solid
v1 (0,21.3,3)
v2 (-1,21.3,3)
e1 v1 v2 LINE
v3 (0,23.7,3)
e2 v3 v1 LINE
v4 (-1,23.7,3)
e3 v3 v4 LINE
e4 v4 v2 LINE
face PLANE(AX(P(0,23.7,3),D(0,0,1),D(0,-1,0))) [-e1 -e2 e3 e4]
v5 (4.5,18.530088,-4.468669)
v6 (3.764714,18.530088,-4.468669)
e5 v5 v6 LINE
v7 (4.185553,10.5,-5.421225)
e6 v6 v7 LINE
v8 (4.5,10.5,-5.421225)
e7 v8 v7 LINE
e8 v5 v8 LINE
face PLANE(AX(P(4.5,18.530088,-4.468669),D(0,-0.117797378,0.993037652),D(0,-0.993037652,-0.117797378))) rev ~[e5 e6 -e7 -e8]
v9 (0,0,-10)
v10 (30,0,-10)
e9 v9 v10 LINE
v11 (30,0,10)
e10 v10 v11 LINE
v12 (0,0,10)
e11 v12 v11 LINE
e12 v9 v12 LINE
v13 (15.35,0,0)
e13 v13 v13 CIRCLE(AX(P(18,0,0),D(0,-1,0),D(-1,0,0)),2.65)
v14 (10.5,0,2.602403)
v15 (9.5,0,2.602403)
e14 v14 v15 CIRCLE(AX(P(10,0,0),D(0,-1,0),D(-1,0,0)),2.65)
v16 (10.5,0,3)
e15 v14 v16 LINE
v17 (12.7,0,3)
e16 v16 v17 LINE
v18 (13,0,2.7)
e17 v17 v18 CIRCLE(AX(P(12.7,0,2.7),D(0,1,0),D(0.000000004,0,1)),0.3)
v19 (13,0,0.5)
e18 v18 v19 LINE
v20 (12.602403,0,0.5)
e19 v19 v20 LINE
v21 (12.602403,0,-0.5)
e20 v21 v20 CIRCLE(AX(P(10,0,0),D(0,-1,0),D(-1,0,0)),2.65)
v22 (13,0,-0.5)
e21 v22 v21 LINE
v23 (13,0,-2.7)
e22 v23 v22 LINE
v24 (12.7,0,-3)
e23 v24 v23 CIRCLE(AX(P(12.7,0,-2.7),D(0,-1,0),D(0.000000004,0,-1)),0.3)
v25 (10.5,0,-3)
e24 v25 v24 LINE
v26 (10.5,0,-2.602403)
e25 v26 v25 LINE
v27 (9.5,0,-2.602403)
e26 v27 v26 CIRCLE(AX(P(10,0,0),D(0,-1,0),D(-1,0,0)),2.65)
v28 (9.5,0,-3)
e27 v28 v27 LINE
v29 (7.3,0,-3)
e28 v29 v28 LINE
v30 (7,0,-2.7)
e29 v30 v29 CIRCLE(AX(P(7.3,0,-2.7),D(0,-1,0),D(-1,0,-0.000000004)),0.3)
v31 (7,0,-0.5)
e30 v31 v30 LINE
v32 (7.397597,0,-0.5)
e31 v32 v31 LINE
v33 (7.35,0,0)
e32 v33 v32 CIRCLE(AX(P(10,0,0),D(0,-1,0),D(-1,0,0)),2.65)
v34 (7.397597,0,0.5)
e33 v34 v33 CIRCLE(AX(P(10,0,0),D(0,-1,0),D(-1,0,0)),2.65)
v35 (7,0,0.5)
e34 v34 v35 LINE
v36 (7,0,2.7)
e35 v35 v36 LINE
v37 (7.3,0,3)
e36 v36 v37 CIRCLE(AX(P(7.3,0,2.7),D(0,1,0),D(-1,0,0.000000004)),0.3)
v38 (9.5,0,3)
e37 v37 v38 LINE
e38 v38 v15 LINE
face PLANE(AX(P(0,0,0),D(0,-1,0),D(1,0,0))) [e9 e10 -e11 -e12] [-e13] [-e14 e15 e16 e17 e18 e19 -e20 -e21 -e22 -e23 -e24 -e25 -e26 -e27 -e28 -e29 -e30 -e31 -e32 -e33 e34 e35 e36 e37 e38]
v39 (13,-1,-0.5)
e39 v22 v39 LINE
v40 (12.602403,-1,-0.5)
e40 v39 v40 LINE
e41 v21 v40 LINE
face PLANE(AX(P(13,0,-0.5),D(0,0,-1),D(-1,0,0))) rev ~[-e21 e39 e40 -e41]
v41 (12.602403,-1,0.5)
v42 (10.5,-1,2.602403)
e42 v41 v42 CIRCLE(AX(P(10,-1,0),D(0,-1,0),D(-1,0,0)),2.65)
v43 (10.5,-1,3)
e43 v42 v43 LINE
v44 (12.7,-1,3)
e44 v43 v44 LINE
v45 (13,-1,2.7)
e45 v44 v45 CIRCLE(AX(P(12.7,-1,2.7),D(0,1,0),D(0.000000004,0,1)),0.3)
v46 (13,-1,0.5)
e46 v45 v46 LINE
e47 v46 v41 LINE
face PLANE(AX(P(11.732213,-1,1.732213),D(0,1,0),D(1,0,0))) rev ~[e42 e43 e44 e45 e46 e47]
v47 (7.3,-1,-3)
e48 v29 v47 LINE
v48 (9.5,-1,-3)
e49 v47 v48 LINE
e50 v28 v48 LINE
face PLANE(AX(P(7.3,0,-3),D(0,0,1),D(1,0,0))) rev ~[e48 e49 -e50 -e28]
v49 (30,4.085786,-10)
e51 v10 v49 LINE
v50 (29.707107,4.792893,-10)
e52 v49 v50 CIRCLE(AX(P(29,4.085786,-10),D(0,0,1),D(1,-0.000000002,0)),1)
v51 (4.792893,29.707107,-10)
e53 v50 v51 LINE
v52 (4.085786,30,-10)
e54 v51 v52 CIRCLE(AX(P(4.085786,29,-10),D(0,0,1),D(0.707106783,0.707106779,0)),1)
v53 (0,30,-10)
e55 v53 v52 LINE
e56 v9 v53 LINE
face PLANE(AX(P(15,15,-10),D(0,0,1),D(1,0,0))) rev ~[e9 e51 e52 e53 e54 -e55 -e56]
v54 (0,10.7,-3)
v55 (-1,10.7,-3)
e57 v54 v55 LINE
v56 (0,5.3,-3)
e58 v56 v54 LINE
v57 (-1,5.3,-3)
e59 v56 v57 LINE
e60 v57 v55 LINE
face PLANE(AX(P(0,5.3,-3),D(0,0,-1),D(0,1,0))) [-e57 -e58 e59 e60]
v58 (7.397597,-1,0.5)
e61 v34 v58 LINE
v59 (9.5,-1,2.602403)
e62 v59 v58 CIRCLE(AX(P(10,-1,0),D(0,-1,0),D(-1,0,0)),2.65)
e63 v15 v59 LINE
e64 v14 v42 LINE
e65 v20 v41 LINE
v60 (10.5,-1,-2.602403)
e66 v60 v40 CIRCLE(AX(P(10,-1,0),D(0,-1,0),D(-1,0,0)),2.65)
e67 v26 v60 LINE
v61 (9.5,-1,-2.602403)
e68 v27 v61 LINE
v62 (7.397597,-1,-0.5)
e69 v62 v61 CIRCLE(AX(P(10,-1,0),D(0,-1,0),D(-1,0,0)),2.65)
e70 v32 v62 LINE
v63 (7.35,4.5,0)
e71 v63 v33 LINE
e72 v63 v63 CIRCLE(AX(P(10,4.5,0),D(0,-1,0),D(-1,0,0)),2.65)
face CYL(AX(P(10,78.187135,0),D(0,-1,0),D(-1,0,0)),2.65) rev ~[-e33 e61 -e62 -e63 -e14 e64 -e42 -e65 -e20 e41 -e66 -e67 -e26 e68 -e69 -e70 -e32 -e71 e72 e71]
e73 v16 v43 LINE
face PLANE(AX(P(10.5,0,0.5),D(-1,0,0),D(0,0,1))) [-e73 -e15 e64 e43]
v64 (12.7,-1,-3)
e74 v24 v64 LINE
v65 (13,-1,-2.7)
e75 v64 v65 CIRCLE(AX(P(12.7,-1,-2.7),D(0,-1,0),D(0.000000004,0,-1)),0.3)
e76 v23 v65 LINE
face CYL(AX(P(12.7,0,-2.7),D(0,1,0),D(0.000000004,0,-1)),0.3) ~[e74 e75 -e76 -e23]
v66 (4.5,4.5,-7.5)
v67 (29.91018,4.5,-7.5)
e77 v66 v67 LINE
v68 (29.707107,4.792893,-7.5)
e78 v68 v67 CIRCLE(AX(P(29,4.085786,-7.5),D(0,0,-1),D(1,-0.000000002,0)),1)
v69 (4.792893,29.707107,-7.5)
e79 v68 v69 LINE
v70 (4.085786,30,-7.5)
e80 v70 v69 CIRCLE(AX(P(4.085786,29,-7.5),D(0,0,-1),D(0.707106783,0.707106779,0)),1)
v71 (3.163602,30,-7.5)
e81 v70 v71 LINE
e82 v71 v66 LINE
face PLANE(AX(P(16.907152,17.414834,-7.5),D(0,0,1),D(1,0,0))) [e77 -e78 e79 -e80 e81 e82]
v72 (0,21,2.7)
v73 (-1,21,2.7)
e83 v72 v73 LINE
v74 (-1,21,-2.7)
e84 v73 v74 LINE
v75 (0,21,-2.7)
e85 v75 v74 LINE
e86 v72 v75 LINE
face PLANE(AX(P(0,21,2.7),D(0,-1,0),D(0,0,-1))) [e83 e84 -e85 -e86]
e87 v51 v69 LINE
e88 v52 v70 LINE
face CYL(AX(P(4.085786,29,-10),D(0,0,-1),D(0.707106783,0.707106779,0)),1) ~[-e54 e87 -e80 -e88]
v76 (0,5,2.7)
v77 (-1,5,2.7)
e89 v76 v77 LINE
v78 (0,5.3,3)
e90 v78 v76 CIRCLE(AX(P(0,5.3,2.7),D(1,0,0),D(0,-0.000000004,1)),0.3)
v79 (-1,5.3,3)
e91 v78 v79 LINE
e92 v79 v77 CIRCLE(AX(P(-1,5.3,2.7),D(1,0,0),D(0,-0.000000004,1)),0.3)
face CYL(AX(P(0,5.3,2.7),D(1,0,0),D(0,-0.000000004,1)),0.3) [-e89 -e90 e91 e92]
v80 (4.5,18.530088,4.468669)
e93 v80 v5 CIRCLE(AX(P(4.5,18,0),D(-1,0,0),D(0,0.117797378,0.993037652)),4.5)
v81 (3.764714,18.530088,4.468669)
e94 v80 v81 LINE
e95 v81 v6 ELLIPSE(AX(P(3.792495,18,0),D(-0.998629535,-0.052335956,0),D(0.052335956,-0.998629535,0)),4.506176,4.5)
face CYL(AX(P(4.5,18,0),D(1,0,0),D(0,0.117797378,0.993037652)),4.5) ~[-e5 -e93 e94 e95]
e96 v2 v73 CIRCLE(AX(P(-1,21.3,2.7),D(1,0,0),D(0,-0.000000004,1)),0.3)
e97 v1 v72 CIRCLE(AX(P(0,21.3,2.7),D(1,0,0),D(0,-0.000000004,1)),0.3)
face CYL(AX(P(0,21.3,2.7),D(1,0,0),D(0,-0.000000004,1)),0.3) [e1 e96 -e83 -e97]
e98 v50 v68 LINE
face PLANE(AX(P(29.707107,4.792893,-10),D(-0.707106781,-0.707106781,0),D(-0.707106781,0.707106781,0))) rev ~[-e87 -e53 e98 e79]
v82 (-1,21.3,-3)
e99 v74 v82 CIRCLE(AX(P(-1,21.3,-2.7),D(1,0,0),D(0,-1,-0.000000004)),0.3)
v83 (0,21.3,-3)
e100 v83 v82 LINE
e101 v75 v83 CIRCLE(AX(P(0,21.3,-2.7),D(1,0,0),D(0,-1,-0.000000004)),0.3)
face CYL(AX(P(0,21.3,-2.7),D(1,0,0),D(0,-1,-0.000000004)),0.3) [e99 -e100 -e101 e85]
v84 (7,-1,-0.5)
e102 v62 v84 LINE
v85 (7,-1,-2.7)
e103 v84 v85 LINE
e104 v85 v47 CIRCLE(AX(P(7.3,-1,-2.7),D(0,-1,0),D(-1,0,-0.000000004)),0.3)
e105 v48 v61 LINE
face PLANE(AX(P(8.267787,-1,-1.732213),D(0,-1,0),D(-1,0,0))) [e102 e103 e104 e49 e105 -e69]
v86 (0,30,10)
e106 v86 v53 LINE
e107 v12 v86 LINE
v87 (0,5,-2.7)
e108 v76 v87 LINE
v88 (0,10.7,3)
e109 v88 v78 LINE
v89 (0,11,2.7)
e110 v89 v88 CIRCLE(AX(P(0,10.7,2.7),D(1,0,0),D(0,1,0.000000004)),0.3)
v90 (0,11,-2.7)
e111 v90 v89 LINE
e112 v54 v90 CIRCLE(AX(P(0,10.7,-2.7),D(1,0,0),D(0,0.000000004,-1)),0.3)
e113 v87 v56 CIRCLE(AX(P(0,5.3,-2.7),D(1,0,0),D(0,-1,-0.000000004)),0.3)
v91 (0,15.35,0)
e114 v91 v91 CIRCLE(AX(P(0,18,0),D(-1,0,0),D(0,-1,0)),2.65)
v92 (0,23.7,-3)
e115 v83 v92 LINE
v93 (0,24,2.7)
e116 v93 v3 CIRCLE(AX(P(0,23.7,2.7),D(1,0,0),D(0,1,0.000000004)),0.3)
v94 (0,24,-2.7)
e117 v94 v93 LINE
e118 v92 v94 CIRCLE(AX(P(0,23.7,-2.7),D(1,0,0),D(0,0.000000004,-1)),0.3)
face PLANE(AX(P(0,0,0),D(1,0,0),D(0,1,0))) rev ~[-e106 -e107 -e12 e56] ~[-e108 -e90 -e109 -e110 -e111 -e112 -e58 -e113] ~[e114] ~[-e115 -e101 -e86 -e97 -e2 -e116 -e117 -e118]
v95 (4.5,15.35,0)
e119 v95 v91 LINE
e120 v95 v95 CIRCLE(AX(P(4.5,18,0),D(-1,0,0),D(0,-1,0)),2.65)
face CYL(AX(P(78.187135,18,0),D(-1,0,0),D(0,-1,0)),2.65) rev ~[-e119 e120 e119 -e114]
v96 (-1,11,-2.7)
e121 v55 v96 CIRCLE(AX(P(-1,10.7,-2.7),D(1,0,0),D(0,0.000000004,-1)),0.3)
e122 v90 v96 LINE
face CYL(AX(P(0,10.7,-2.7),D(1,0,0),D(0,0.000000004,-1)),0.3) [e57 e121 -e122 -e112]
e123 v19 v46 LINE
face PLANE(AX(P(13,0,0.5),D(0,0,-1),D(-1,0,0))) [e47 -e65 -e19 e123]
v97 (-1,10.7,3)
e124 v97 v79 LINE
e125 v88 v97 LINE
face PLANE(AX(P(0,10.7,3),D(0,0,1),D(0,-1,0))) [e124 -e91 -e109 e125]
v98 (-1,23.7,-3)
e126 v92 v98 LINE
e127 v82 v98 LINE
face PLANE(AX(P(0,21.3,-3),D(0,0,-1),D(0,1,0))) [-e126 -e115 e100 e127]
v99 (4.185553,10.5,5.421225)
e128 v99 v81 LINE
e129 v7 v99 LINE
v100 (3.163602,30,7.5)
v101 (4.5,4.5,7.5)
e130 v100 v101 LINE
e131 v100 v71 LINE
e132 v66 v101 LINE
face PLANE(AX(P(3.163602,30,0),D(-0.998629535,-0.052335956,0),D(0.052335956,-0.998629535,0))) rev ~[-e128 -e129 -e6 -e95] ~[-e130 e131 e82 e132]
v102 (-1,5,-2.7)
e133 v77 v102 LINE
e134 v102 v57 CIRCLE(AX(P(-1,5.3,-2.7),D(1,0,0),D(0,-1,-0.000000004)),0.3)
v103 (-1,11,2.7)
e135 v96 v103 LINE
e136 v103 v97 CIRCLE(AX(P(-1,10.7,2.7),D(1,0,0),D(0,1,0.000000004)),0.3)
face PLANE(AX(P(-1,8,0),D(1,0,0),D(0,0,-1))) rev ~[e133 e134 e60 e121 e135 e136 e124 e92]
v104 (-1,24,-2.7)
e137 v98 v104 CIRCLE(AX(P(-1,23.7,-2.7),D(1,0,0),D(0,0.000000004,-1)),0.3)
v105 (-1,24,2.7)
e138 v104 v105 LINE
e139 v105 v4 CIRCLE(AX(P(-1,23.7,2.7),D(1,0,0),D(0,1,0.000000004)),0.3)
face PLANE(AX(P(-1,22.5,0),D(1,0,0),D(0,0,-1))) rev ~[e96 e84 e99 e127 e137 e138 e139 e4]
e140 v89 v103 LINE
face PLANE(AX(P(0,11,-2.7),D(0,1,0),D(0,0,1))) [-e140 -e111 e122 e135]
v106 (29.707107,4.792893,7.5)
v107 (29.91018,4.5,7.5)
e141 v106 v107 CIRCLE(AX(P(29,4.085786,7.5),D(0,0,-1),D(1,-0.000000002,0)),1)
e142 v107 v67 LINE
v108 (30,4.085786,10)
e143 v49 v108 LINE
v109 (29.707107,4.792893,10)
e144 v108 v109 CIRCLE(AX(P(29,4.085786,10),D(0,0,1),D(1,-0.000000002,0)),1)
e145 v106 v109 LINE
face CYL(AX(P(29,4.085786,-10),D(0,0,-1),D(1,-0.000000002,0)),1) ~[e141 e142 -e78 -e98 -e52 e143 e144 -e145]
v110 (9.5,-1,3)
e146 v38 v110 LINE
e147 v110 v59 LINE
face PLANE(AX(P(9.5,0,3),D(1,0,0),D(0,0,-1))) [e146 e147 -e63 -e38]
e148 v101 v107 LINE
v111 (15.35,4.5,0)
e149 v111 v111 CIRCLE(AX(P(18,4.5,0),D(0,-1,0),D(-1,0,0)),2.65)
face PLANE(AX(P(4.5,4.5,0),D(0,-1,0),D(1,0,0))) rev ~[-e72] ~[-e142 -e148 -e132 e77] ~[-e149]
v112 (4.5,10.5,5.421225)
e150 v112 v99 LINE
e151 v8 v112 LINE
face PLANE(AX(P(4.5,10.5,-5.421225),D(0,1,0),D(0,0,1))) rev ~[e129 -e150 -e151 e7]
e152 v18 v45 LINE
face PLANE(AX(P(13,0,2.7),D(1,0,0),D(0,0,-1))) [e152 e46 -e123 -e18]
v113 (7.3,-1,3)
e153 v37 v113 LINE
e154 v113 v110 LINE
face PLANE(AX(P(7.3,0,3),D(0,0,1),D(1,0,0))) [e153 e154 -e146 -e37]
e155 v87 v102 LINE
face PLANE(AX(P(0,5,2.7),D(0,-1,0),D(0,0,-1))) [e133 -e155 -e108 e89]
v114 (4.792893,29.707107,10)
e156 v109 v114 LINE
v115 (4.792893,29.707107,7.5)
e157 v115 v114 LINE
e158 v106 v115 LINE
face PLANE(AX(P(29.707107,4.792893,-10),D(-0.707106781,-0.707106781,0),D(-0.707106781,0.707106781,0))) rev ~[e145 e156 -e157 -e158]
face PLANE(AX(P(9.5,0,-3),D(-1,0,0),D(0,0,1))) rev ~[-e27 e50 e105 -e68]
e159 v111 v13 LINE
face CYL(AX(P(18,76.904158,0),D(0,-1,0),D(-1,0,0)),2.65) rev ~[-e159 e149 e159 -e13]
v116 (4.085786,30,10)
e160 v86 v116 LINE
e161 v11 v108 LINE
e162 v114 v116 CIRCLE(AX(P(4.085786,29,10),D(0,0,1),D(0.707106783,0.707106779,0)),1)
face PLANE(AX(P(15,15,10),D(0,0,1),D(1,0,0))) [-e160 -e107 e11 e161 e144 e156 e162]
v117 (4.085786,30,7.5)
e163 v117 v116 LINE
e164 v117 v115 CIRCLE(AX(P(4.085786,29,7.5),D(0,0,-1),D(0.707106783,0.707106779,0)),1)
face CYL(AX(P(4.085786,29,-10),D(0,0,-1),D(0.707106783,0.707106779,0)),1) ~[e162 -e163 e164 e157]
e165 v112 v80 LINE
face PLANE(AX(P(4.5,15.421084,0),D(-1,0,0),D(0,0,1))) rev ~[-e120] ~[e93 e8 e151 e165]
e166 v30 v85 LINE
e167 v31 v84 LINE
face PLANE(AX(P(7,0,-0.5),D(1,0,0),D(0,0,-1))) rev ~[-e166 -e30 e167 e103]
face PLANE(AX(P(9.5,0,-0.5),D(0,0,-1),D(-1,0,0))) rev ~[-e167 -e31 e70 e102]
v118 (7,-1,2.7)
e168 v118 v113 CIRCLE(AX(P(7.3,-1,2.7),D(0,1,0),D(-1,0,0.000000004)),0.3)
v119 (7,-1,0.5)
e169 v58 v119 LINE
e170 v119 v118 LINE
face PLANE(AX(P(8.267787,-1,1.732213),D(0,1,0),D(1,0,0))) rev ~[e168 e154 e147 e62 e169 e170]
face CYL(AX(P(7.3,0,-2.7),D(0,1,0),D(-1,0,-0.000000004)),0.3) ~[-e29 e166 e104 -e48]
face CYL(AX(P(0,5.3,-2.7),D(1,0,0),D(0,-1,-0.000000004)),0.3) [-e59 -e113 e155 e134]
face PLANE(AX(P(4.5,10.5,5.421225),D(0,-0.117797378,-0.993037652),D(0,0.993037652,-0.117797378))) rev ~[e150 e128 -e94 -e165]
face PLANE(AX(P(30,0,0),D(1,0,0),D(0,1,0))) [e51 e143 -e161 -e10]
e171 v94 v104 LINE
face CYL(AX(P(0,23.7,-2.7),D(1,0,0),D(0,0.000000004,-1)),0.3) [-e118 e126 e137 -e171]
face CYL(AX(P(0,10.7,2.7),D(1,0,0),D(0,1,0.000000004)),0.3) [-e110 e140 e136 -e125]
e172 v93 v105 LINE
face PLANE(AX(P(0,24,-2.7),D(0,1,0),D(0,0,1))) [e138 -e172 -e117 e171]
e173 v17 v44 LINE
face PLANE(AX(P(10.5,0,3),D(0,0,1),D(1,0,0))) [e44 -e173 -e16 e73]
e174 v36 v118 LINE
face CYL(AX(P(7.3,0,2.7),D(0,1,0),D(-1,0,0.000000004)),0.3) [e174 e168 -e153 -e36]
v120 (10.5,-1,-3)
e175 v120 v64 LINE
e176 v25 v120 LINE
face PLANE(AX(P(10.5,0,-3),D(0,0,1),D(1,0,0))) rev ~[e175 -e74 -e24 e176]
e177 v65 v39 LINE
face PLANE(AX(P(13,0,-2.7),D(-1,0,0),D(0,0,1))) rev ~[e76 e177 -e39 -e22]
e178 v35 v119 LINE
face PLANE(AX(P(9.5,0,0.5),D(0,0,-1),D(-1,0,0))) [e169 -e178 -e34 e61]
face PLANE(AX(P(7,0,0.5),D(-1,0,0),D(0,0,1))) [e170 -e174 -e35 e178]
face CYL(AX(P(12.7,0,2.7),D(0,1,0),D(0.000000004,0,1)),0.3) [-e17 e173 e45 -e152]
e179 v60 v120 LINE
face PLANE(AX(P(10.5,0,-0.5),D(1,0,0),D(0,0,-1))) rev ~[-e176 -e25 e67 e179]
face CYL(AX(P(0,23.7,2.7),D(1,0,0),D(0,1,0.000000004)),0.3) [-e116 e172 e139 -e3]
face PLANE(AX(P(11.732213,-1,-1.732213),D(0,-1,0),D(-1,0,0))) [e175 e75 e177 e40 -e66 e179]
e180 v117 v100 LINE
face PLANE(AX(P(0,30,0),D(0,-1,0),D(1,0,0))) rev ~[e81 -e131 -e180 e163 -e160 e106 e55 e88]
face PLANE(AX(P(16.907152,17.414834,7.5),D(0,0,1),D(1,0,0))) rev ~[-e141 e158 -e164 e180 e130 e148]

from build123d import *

# Parameters (mm, degrees)
SKETCH1_W               = 30
SKETCH1_H               = 30
BOSS_EXTRUDE1_DEPTH     = 10
CUT_EXTRUDE3_DEPTH      = 10
CUT_EXTRUDE3_DEPTH_BACK = 10
SKETCH7_OUTSIDE_W       = 41.38
SKETCH7_OUTSIDE_H       = 41.38
CUT_EXTRUDE4_DEPTH      = 7.5
BOSS_EXTRUDE3_REACH     = 50.089
BOSS_EXTRUDE3_START     = 4.5
DIAMETER_HOLE1_D        = 5.3
BOSS_EXTRUDE4_DEPTH     = 1
BOSS_EXTRUDE5_DEPTH     = 1
DIAMETER_HOLE2_D        = 5.3
DIAMETER_HOLE3_D        = 5.3


with BuildPart() as part:
    # Sketch1 → Boss-Extrude1 (new, symmetric)
    with BuildSketch(Plane.XY):
        with Locations((15, 15)):
            Rectangle(SKETCH1_W, SKETCH1_H)
    extrude(amount=BOSS_EXTRUDE1_DEPTH, both=True)

    # Sketch7 outside → Cut-Extrude3 (cut, two sides: drawn at the far end of the back side and taken through both)
    with BuildSketch(Plane.XY.offset(-CUT_EXTRUDE3_DEPTH_BACK)):
        with Locations((15, 15)):
            Rectangle(SKETCH7_OUTSIDE_W, SKETCH7_OUTSIDE_H)
        with BuildLine():
            Line((0, 0), (30, 0))
            Line((30, 0), (30, 4.085786438))
            ThreePointArc((30, 4.085786438), (29.923879533, 4.46846987), (29.707106781, 4.792893219))
            Line((29.707106781, 4.792893219), (4.792893219, 29.707106781))
            ThreePointArc((4.792893219, 29.707106781), (4.46846987, 29.923879533), (4.085786438, 30))
            Line((4.085786438, 30), (0, 30))
            Line((0, 30), (0, 0))
        make_face(mode=Mode.SUBTRACT)
    extrude(amount=CUT_EXTRUDE3_DEPTH + CUT_EXTRUDE3_DEPTH_BACK, mode=Mode.SUBTRACT)

    # Sketch8 → Cut-Extrude4 (cut, symmetric)
    with BuildSketch(Plane.XY):
        Polygon((3.163601628, 30), (4.5, 4.5), (30, 4.5), (30, 30), align=None)
    extrude(amount=CUT_EXTRUDE4_DEPTH, both=True, mode=Mode.SUBTRACT)

    # Boss-Extrude3: up to this plane
    boss_extrude3_end = Plane(origin=(3.163601628, 30, -7.5), z_dir=(-0.9986295347545743, -0.05233595624293714, 0))
    # Sketch9 → Boss-Extrude3 (add, up to the surface)
    with BuildSketch(Plane(origin=(0, 0, 0), x_dir=(0, 0, -1), z_dir=(1, 0, 0)).offset(BOSS_EXTRUDE3_START), mode=Mode.PRIVATE) as boss_extrude3_sk1:
        with BuildLine():
            Line((4.468669433, 18.530088202), (5.421224791, 10.5))
            Line((5.421224791, 10.5), (-5.421224791, 10.5))
            Line((-5.421224791, 10.5), (-4.468669433, 18.530088202))
            ThreePointArc((-4.468669433, 18.530088202), (0, 22.5), (4.468669433, 18.530088202))
        make_face()
    boss_extrude3_tool1 = split(extrude(boss_extrude3_sk1.sketch, amount=-BOSS_EXTRUDE3_REACH, mode=Mode.PRIVATE), bisect_by=boss_extrude3_end, keep=Keep.BOTH, mode=Mode.PRIVATE)
    add(boss_extrude3_tool1.solids().sort_by_distance((4.5, 15.863056, 0))[0])

    # Diameter Hole1 (through all)
    with Locations(Plane(origin=(0, 30, 0), x_dir=(1, 0, 0), z_dir=(0, 1, 0))):
        with Locations((18, 0)):
            Hole(DIAMETER_HOLE1_D / 2)

    # Sketch12 → Boss-Extrude4 (add)
    with BuildSketch(Plane(origin=(0, 0, 0), x_dir=(0, 0, -1), z_dir=(1, 0, 0))):
        with BuildLine():
            Line((2.7, 24), (-2.7, 24))
            ThreePointArc((-2.7, 24), (-2.912132034, 23.912132034), (-3, 23.7))
            Line((-3, 23.7), (-3, 21.3))
            ThreePointArc((-3, 21.3), (-2.912132034, 21.087867966), (-2.7, 21))
            Line((-2.7, 21), (2.7, 21))
            ThreePointArc((2.7, 21), (2.912132034, 21.087867966), (3, 21.3))
            Line((3, 21.3), (3, 23.7))
            ThreePointArc((3, 23.7), (2.912132034, 23.912132034), (2.7, 24))
        make_face()
        with BuildLine():
            Line((2.7, 11), (-2.7, 11))
            ThreePointArc((-2.7, 11), (-2.912132034, 10.912132034), (-3, 10.7))
            Line((-3, 10.7), (-3, 5.3))
            ThreePointArc((-3, 5.3), (-2.912132034, 5.087867966), (-2.7, 5))
            Line((-2.7, 5), (2.7, 5))
            ThreePointArc((2.7, 5), (2.912132034, 5.087867966), (3, 5.3))
            Line((3, 5.3), (3, 10.7))
            ThreePointArc((3, 10.7), (2.912132034, 10.912132034), (2.7, 11))
        make_face()
    extrude(amount=-BOSS_EXTRUDE4_DEPTH)

    # Sketch13 → Boss-Extrude5 (add)
    with BuildSketch(Plane(origin=(0, 0, 0), x_dir=(1, 0, 0), z_dir=(0, 1, 0))):
        with BuildLine():
            Line((10.5, -3), (12.7, -3))
            ThreePointArc((12.7, -3), (12.912132034, -2.912132034), (13, -2.7))
            Line((13, -2.7), (13, -0.5))
            Line((13, -0.5), (10.5, -0.5))
            Line((10.5, -0.5), (10.5, -3))
        make_face()
        with BuildLine():
            Line((7.3, -3), (9.5, -3))
            Line((9.5, -3), (9.5, -0.5))
            Line((9.5, -0.5), (7, -0.5))
            Line((7, -0.5), (7, -2.7))
            ThreePointArc((7, -2.7), (7.087867966, -2.912132034), (7.3, -3))
        make_face()
        with BuildLine():
            Line((7.3, 3), (9.5, 3))
            Line((9.5, 3), (9.5, 0.5))
            Line((9.5, 0.5), (7, 0.5))
            Line((7, 0.5), (7, 2.7))
            ThreePointArc((7, 2.7), (7.087867966, 2.912132034), (7.3, 3))
        make_face()
        with BuildLine():
            Line((10.5, 3), (12.7, 3))
            ThreePointArc((12.7, 3), (12.912132034, 2.912132034), (13, 2.7))
            Line((13, 2.7), (13, 0.5))
            Line((13, 0.5), (10.5, 0.5))
            Line((10.5, 0.5), (10.5, 3))
        make_face()
    extrude(amount=-BOSS_EXTRUDE5_DEPTH)

    # Diameter Hole2 (through all)
    with Locations(Plane(origin=(30, 10, 0), x_dir=(0, 1, 0), z_dir=(1, 0, 0))):
        with Locations((8, 0)):
            Hole(DIAMETER_HOLE2_D / 2)

    # Diameter Hole3 (through all)
    with Locations(Plane(origin=(0, 30, 0), x_dir=(1, 0, 0), z_dir=(0, 1, 0))):
        with Locations((10, 0)):
            Hole(DIAMETER_HOLE3_D / 2)


solid = part.part
